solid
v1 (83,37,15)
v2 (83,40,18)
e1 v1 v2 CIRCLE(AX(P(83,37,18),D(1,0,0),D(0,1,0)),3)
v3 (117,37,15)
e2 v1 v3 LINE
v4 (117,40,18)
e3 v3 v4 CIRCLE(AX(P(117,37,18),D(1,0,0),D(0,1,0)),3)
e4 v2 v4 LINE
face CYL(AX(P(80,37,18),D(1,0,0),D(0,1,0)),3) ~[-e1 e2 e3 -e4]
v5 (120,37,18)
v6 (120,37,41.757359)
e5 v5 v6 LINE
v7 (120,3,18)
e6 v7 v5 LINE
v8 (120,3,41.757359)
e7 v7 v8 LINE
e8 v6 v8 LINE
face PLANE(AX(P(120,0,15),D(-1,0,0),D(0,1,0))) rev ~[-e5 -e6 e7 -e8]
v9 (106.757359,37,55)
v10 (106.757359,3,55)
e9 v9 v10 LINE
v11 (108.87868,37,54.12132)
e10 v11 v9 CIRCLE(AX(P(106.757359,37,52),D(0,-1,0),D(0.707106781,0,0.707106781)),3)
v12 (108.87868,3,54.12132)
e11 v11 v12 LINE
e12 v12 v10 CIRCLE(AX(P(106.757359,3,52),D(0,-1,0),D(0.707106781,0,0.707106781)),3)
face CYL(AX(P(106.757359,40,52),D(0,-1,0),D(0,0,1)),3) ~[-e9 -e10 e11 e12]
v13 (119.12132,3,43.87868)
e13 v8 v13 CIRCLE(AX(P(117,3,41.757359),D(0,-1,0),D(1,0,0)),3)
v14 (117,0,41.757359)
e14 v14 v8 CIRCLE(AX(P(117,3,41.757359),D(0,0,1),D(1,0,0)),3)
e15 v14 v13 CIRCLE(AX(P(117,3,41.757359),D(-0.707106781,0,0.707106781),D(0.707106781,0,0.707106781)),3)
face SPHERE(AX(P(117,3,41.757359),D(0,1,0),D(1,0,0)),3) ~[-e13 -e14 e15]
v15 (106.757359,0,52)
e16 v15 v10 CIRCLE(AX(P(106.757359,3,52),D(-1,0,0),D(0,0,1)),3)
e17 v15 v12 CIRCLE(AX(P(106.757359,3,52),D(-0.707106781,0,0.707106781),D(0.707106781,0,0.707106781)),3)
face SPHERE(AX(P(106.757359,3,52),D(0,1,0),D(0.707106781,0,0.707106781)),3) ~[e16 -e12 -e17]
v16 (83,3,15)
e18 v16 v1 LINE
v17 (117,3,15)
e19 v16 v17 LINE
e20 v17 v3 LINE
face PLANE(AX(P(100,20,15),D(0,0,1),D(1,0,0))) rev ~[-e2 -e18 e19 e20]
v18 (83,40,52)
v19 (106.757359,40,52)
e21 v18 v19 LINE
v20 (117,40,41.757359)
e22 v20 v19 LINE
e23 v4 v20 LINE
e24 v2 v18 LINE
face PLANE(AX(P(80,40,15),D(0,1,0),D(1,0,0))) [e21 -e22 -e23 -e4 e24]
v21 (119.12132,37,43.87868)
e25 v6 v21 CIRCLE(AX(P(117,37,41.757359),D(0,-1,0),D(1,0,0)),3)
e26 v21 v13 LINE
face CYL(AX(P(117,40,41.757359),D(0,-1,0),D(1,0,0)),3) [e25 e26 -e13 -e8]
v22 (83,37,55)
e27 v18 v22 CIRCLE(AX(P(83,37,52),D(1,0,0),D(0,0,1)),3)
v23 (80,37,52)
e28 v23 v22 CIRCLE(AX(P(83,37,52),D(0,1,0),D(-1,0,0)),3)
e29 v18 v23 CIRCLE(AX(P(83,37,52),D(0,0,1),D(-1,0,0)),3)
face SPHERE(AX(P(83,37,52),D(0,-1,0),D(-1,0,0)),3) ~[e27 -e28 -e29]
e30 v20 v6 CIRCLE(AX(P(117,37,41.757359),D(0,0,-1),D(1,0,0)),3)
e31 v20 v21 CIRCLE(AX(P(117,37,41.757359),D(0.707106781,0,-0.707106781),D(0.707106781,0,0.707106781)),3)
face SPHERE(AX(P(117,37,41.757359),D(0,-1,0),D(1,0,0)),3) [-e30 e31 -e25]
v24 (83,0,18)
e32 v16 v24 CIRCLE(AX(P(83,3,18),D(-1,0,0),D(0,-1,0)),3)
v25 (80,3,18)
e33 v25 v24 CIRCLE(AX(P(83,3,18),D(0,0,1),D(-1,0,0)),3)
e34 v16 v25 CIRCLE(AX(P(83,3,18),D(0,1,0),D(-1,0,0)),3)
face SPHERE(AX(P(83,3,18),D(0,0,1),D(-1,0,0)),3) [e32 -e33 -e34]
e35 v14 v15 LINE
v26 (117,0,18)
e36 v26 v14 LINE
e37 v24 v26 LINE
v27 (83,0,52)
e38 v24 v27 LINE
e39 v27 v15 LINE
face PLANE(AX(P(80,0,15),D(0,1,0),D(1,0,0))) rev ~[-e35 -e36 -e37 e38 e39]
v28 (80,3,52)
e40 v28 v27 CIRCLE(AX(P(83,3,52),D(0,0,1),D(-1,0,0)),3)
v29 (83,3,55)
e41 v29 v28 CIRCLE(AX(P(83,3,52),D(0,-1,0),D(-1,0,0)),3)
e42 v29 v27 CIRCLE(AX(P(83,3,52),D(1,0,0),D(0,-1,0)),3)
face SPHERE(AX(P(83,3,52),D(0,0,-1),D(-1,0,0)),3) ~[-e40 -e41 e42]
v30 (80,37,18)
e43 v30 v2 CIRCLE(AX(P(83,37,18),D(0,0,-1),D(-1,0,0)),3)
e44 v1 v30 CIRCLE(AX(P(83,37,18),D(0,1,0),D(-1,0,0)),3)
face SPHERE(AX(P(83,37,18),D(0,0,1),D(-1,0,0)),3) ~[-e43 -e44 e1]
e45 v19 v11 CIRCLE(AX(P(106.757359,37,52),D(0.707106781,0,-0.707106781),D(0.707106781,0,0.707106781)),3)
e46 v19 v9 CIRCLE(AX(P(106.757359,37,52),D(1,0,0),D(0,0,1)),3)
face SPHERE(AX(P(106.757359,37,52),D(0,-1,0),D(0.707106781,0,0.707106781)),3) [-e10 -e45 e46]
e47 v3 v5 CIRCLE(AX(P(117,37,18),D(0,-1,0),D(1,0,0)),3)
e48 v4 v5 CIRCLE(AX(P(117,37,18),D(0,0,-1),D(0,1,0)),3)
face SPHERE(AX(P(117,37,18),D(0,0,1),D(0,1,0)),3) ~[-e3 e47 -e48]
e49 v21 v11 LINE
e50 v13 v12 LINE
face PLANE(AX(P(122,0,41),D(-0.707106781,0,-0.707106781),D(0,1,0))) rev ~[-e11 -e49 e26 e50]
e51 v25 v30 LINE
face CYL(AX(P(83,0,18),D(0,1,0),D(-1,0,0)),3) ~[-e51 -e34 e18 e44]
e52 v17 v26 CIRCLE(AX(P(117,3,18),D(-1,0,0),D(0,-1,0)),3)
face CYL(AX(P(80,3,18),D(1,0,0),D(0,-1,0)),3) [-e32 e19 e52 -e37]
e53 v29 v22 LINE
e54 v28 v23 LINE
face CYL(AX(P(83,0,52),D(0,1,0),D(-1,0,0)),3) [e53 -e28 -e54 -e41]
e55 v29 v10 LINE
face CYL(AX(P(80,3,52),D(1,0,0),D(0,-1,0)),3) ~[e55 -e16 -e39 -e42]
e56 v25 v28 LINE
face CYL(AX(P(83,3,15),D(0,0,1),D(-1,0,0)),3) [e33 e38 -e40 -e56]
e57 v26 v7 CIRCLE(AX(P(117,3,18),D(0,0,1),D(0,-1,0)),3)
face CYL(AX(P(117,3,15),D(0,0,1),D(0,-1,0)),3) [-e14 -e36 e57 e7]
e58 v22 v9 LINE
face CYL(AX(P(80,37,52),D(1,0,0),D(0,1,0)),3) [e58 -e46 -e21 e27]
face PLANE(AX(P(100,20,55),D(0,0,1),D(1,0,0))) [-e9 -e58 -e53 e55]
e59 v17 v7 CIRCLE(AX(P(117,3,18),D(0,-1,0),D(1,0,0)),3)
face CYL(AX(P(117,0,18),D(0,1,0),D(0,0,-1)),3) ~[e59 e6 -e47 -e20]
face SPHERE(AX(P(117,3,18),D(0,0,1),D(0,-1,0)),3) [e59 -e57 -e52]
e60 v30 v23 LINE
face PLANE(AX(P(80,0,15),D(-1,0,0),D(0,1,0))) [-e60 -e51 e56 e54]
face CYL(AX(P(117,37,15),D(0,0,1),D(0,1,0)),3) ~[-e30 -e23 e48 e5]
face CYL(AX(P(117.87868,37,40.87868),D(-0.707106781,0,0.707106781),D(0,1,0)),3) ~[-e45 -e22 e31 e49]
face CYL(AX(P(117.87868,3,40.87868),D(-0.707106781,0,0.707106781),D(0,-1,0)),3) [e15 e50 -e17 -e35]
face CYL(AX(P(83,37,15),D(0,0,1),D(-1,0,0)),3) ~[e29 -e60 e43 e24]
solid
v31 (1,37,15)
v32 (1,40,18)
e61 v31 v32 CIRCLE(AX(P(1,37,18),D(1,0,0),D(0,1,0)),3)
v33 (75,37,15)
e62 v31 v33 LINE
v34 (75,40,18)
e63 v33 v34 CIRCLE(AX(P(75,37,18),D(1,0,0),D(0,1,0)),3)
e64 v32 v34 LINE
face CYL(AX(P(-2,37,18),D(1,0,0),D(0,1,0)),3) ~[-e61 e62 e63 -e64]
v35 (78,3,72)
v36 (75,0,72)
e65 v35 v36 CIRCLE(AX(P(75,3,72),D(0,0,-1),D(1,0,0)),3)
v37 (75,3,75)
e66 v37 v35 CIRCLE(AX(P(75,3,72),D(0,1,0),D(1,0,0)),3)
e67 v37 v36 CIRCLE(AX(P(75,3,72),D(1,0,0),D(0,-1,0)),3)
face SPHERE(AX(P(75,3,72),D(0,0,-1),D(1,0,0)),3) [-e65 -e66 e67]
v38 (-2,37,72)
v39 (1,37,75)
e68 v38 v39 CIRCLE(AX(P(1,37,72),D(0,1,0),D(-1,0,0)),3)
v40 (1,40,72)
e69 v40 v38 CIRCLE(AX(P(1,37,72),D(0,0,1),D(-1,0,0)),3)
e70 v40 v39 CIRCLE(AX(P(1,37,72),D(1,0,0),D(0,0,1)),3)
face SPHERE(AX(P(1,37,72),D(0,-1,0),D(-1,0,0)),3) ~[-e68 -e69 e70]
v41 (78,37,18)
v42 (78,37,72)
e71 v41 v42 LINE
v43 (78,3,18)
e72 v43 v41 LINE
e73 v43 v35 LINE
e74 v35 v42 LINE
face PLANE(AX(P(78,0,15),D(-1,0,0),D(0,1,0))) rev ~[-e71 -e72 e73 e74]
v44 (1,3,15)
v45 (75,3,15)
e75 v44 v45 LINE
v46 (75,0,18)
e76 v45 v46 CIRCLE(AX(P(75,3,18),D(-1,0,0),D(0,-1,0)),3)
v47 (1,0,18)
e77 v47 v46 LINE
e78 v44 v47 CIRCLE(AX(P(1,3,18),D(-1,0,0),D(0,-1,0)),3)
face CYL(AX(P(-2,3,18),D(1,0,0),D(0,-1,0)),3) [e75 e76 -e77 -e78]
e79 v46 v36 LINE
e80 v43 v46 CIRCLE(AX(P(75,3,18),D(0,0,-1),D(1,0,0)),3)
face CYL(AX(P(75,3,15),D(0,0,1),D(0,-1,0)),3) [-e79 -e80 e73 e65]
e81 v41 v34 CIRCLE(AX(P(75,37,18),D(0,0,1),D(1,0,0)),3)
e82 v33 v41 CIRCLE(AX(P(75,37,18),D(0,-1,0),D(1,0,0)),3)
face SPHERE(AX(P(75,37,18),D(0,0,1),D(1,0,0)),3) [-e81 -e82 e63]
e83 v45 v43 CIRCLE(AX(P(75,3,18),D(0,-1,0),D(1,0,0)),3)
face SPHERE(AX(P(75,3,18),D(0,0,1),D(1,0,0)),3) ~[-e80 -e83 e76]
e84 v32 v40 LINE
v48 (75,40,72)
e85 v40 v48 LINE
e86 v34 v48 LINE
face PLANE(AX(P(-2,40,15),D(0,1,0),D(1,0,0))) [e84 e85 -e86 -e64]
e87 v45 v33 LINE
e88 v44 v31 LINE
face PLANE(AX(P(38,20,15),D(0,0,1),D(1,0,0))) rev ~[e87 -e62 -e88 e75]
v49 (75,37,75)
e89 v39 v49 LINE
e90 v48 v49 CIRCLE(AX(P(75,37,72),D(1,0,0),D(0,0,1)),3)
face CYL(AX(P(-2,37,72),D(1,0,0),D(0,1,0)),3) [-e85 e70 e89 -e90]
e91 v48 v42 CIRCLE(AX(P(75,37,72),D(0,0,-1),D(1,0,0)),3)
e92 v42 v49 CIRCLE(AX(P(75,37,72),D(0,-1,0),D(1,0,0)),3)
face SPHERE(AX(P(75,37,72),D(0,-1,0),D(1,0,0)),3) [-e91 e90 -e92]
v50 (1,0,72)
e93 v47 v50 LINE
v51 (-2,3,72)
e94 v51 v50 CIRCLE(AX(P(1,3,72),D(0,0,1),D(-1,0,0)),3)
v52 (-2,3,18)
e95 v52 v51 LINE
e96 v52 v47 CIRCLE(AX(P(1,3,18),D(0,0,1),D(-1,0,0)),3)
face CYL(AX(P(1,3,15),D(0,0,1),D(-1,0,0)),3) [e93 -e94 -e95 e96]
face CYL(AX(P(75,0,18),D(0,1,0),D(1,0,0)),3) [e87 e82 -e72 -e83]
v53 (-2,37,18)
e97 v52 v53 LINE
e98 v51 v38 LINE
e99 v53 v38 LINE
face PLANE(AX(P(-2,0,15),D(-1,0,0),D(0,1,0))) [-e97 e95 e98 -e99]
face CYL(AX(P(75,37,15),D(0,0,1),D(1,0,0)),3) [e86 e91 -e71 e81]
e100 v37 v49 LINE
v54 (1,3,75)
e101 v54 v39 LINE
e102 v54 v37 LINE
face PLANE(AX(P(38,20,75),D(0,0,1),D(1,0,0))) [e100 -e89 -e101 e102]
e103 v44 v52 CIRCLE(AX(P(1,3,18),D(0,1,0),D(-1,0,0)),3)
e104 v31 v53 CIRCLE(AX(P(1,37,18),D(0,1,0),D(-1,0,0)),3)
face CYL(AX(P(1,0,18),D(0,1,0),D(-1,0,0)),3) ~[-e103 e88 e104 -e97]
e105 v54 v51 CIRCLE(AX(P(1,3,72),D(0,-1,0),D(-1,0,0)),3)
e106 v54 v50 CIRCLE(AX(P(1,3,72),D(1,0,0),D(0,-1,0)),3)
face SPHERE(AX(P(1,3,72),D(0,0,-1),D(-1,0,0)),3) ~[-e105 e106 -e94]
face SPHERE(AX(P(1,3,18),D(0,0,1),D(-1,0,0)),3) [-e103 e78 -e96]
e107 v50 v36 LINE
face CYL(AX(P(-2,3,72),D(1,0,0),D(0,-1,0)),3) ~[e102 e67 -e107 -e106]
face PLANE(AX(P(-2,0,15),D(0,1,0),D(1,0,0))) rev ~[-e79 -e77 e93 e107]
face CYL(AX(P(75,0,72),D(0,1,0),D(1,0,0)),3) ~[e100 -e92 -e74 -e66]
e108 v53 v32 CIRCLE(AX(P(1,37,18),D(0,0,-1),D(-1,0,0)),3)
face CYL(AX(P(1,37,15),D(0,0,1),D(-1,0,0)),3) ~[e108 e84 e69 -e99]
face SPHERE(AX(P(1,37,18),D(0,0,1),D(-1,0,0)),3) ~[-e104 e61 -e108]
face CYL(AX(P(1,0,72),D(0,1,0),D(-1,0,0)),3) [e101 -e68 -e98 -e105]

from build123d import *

# Parameters (mm, degrees)
BOX004_W               = 40
BOX004_H               = 40
BOX004_DEPTH           = 40
BOX004_PLACEMENT_ANGLE = 45
BOX003_W               = 40
BOX003_H               = 40
BOX003_DEPTH           = 40
FILLET002_R            = 3
BOX002_W               = 80
BOX002_H               = 40
BOX002_DEPTH           = 60
FILLET001_R            = 3


with BuildPart() as cube004:
    # Box004 → Box004 (new body)
    with BuildSketch(Plane.XY):
        with Locations((20, 20)):
            Rectangle(BOX004_W, BOX004_H)
    extrude(amount=BOX004_DEPTH)


with BuildPart() as cube004_1:
    # Box004 placement: moved
    add(cube004.part.moved(Location((102, 0, 41))).rotate(Axis((102, 0, 41), (0, -1, 0)), BOX004_PLACEMENT_ANGLE))


with BuildPart() as part_de_dalt:
    # Box003 → Box003 (new body)
    with BuildSketch(Plane(origin=(60, 0, 15), x_dir=(1, 0, 0), z_dir=(0, 0, 1))):
        with Locations((20, 20)):
            Rectangle(BOX003_W, BOX003_H)
    extrude(amount=BOX003_DEPTH)

    # Cut: cut Cube004
    add(cube004_1.part, mode=Mode.SUBTRACT)


with BuildPart() as part_de_dalt_1:
    # Cut placement: moved
    add(part_de_dalt.part.moved(Location((20, 0, 0))))

    # Fillet002
    fillet002_edges = [part_de_dalt_1.edges().sort_by_distance(p)[0] for p in [
        (80, 0, 35),
        (80, 20, 55),
        (80, 40, 35),
        (80, 20, 15),
        (120, 0, 29),
        (114, 0, 49),
        (94, 0, 55),
        (100, 0, 15),
        (94, 40, 55),
        (108, 20, 55),
        (120, 40, 29),
        (114, 40, 49),
        (100, 40, 15),
        (120, 20, 15),
        (120, 20, 43),
    ]]
    fillet(fillet002_edges, radius=FILLET002_R)


with BuildPart() as fusion005:
    # Box002 → Box002 (new body)
    with BuildSketch(Plane(origin=(-2, 0, 15), x_dir=(1, 0, 0), z_dir=(0, 0, 1))):
        with Locations((40, 20)):
            Rectangle(BOX002_W, BOX002_H)
    extrude(amount=BOX002_DEPTH)

    # Fillet001
    fillet001_edges = [fusion005.edges().sort_by_distance(p)[0] for p in [
        (-2, 0, 45),
        (-2, 20, 75),
        (-2, 40, 45),
        (-2, 20, 15),
        (78, 0, 45),
        (78, 20, 75),
        (78, 40, 45),
        (78, 20, 15),
        (38, 0, 15),
        (38, 0, 75),
        (38, 40, 15),
        (38, 40, 75),
    ]]
    fillet(fillet001_edges, radius=FILLET001_R)

    # Fusion005: union part de dalt
    add(part_de_dalt_1.part)


solid = fusion005.part
